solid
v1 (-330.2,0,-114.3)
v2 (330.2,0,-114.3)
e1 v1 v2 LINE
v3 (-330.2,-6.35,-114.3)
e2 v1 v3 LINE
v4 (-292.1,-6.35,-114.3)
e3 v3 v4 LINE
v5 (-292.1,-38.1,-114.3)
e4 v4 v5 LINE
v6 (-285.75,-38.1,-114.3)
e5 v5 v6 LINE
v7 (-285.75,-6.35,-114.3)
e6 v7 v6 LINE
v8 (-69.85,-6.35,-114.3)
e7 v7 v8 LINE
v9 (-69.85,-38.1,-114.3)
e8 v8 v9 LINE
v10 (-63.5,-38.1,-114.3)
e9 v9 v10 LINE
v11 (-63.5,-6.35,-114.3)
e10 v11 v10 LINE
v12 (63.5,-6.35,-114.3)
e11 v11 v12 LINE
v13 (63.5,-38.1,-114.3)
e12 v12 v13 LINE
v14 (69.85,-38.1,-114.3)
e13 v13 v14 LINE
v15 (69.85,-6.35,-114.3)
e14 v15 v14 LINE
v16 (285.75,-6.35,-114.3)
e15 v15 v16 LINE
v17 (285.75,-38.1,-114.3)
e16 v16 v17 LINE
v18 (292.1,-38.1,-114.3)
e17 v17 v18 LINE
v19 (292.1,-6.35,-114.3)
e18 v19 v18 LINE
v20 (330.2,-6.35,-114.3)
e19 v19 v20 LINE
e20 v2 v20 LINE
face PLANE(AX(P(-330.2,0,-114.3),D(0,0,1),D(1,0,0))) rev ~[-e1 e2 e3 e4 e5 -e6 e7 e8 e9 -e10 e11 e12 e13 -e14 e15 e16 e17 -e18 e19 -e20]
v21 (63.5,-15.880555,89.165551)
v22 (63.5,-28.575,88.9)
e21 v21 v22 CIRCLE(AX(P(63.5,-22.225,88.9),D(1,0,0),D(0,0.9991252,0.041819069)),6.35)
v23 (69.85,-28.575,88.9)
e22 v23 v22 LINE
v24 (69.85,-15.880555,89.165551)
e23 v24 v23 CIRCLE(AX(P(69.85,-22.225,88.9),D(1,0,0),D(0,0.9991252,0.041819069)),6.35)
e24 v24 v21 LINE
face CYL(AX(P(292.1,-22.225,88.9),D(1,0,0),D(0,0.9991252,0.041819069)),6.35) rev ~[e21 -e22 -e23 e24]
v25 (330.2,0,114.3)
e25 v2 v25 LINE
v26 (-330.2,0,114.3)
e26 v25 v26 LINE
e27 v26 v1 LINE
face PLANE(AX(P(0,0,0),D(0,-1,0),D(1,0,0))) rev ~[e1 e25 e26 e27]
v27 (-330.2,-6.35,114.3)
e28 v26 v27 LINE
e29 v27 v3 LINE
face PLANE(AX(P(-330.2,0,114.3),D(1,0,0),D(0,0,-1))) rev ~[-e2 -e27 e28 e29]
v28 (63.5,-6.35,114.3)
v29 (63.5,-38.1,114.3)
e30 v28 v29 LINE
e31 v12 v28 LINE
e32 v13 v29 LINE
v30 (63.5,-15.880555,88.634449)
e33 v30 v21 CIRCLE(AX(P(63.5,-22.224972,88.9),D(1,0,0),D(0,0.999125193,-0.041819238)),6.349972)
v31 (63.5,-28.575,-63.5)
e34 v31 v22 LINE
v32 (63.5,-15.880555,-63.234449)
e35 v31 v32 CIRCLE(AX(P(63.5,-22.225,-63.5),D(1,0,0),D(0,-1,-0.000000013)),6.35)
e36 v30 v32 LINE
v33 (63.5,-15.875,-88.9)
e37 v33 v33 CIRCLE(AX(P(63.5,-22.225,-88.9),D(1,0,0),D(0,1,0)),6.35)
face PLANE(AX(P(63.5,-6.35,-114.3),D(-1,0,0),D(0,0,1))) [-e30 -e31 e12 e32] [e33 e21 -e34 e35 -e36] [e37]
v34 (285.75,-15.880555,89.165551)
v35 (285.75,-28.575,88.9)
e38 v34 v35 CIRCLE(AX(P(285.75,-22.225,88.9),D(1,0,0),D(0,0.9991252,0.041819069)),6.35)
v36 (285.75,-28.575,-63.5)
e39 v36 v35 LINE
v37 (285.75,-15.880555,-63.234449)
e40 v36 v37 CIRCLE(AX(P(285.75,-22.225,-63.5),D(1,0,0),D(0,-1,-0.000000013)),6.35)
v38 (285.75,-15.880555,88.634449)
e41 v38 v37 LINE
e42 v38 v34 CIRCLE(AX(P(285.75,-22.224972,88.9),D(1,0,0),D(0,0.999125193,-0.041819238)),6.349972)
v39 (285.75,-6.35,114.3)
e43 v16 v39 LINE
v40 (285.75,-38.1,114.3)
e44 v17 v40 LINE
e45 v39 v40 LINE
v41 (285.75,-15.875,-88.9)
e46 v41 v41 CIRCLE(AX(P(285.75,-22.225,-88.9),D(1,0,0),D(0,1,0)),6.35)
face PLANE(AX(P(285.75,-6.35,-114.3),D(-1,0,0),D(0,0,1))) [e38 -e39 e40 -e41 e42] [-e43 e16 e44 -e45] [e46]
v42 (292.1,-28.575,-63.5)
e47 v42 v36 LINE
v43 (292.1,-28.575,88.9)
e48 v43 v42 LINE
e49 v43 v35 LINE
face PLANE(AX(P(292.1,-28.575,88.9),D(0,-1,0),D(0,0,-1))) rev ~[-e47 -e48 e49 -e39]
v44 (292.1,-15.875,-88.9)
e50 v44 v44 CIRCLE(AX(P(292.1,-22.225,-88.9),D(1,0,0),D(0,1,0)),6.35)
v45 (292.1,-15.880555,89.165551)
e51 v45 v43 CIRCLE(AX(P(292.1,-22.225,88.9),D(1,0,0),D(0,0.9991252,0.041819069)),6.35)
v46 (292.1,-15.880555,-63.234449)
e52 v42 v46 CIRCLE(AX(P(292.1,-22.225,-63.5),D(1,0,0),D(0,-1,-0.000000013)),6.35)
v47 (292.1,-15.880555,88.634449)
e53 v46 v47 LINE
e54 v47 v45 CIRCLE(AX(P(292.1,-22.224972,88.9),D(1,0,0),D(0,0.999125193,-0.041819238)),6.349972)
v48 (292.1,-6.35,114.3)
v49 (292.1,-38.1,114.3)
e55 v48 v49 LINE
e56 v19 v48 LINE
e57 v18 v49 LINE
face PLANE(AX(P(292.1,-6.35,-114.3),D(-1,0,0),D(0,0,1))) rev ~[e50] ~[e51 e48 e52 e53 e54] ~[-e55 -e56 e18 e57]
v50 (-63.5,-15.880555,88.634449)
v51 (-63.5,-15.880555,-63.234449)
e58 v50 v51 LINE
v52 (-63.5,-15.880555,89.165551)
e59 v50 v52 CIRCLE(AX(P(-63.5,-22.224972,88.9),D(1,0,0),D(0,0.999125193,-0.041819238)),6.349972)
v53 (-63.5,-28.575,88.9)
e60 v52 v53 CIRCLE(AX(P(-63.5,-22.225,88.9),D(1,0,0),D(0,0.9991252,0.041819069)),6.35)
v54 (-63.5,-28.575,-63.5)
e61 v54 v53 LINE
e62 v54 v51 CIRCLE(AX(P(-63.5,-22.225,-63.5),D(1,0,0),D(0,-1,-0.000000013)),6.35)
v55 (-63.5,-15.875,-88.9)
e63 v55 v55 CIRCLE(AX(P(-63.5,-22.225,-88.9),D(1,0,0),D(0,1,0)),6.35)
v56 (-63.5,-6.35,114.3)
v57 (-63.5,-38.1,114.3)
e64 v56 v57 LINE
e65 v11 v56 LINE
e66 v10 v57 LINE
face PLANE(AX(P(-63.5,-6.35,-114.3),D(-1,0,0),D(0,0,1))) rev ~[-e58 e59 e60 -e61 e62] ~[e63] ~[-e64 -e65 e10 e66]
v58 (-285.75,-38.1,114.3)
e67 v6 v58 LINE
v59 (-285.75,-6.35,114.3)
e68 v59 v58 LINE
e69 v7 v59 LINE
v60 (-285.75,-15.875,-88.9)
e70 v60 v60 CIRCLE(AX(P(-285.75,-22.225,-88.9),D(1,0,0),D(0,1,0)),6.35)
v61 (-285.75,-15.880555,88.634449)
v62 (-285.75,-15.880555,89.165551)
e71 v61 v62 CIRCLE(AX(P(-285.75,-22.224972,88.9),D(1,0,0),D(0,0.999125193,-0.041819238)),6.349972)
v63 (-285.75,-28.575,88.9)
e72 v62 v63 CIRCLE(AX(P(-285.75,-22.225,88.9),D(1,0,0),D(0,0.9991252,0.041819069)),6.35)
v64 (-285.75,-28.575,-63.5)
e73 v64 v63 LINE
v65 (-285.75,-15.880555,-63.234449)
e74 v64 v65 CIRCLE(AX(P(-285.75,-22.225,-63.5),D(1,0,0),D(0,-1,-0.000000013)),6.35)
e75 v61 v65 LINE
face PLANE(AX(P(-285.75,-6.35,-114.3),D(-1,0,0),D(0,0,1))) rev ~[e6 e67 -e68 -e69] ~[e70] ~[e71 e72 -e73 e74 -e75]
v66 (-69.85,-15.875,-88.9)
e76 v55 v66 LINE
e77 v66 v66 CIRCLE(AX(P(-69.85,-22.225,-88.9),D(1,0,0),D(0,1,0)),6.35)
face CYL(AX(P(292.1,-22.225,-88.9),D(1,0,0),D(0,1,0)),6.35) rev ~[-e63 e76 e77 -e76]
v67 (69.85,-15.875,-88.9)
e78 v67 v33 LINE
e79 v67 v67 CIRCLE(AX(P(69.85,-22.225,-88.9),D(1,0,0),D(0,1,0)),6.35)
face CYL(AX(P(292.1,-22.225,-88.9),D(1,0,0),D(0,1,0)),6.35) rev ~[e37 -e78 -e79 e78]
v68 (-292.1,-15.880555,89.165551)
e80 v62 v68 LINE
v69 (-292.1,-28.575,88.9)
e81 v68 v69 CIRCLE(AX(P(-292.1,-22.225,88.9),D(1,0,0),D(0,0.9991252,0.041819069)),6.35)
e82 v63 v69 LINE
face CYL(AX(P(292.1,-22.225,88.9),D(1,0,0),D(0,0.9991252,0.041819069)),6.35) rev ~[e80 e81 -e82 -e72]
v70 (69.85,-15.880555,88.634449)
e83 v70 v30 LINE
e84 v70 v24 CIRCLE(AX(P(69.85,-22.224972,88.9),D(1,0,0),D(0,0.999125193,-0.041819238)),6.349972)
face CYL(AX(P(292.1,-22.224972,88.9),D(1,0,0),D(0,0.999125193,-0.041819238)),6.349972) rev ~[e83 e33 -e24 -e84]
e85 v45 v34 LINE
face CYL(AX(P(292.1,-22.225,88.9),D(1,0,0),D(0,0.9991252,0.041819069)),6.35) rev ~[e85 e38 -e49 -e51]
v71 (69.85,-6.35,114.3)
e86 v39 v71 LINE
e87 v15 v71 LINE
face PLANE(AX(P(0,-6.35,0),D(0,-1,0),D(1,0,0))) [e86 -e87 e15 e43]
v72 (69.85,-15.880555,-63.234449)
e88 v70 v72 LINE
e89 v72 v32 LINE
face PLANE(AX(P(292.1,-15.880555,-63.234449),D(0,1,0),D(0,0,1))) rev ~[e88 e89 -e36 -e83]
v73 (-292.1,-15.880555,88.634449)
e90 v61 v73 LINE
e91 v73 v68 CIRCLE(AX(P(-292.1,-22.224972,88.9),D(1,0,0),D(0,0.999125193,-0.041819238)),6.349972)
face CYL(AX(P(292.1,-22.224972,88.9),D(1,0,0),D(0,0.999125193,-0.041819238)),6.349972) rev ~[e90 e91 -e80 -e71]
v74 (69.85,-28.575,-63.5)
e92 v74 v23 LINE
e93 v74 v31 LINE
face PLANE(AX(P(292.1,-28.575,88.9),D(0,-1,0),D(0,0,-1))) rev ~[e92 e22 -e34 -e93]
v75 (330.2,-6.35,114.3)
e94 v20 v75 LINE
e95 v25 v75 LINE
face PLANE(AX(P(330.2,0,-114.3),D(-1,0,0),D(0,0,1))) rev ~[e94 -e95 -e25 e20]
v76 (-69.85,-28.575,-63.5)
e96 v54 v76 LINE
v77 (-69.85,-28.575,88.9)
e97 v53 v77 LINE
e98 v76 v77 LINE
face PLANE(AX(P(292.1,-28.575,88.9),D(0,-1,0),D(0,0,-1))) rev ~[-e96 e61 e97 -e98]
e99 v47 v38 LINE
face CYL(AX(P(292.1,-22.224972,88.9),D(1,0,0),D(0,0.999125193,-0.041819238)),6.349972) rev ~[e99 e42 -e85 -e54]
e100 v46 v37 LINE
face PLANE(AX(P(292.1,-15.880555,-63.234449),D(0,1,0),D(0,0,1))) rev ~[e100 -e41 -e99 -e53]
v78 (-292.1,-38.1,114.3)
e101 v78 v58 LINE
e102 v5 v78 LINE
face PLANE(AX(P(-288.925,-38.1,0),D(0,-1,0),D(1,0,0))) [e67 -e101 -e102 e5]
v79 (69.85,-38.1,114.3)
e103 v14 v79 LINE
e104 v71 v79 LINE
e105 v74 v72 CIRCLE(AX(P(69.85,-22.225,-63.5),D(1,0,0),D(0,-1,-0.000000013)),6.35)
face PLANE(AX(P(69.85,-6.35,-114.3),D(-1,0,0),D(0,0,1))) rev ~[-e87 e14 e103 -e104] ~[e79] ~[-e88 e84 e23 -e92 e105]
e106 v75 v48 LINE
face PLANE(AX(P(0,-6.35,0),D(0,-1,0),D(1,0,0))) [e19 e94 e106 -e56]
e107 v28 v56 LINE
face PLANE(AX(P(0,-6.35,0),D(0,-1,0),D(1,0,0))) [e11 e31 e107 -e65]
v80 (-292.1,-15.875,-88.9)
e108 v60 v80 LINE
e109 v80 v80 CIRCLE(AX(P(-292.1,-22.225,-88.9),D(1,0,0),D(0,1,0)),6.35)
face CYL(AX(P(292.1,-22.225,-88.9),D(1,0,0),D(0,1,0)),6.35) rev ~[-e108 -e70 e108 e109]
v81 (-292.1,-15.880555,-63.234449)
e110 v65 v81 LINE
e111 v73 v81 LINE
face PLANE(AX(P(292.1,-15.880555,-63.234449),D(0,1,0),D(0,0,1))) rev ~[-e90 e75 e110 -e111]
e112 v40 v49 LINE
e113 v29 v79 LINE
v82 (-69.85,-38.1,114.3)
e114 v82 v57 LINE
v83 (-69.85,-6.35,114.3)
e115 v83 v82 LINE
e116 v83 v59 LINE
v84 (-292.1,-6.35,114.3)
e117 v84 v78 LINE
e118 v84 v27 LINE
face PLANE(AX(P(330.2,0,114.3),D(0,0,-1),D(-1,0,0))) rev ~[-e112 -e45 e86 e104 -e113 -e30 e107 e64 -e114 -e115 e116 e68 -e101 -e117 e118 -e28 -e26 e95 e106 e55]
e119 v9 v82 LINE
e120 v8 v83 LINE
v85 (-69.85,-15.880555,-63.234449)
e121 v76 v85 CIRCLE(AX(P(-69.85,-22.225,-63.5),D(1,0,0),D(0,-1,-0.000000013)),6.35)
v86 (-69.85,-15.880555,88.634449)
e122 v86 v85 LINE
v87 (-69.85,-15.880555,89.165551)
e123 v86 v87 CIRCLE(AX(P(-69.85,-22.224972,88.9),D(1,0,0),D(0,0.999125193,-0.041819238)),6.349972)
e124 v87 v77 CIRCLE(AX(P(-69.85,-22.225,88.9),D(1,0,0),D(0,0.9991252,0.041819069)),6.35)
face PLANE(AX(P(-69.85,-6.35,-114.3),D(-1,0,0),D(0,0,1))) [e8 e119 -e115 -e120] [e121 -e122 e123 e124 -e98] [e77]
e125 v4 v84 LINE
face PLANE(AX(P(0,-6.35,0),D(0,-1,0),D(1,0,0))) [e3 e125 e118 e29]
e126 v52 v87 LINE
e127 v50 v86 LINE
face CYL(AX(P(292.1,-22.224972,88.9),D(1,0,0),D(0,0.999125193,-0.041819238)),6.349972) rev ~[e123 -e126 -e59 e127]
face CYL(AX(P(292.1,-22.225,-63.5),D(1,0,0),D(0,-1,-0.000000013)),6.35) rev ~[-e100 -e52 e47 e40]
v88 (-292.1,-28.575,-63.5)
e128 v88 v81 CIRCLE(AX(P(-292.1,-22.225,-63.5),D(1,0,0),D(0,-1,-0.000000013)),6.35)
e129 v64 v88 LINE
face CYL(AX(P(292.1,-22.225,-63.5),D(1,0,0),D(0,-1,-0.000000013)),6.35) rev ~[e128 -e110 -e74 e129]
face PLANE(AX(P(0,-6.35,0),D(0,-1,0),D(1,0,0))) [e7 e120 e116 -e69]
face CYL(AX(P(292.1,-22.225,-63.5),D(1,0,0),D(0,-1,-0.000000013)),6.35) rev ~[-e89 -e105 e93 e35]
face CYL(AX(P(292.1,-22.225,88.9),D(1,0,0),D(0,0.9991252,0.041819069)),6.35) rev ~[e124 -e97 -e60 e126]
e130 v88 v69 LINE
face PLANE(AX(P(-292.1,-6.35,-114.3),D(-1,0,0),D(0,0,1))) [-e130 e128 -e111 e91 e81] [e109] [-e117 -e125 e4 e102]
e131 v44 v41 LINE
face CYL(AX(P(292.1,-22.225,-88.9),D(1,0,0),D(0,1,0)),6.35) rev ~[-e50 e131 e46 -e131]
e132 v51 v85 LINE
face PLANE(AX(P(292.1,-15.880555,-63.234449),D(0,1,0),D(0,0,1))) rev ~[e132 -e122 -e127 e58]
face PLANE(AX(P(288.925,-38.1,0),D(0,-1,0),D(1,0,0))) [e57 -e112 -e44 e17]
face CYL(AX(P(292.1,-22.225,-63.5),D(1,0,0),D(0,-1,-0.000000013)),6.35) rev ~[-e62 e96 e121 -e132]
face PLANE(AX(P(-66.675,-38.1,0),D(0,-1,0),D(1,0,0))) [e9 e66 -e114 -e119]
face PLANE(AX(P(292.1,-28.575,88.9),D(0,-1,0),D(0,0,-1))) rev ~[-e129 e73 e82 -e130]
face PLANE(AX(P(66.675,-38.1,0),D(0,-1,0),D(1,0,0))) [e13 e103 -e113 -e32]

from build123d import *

# Parameters (mm, degrees)
F1_DEPTH = 6.35
F2_W     = 6.35
F2_H     = 228.6
F3_DEPTH = 31.75
F4_R     = 6.35
F5_DEPTH = 762


with BuildPart() as f1:
    # F0 (on Front) → F1 (new body)
    with BuildSketch(Plane.XZ):
        Polygon((-292.1, 114.3), (-330.2, 114.3), (-330.2, -114.3), (-292.1, -114.3), (-285.75, -114.3), (285.75, -114.3), (292.1, -114.3), (330.2, -114.3), (330.2, 114.3), (292.1, 114.3), (285.75, 114.3), (-285.75, 114.3), align=None)
    extrude(amount=F1_DEPTH)

    # F2 (on face) → F3 (join)
    with BuildSketch(Plane.XZ.offset(6.35)):
        with Locations((-288.925, 0)):
            Rectangle(F2_W, F2_H)
        with Locations((288.925, 0)):
            Rectangle(F2_W, F2_H)
        with Locations((-66.675, 0)):
            Rectangle(F2_W, F2_H)
        with Locations((66.675, 0)):
            Rectangle(F2_W, F2_H)
    extrude(amount=F3_DEPTH)

    # F4 (on face) → F5 (cut)
    with BuildSketch(Plane.YZ.offset(292.1)):
        with Locations((-22.225, -88.9)):
            Circle(F4_R)
        with BuildLine():
            Line((-28.575, 88.9), (-28.575, -63.5))
            ThreePointArc((-28.575, -63.5), (-22.092195, -69.848611), (-15.880555, -63.234449))
            Line((-15.880555, -63.234449), (-15.880555, 88.634449))
            Line((-15.880555, 88.634449), (-15.880555, 89.165551))
            ThreePointArc((-15.880555, 89.165551), (-22.357805, 95.248611), (-28.575, 88.9))
        make_face()
        with BuildLine():
            Line((-15.880555, 89.165551), (-15.880555, 88.634449))
            ThreePointArc((-15.880555, 88.634449), (-15.875, 88.9), (-15.880555, 89.165551))
        make_face()
    extrude(amount=-F5_DEPTH, mode=Mode.SUBTRACT)


solid = f1.part
